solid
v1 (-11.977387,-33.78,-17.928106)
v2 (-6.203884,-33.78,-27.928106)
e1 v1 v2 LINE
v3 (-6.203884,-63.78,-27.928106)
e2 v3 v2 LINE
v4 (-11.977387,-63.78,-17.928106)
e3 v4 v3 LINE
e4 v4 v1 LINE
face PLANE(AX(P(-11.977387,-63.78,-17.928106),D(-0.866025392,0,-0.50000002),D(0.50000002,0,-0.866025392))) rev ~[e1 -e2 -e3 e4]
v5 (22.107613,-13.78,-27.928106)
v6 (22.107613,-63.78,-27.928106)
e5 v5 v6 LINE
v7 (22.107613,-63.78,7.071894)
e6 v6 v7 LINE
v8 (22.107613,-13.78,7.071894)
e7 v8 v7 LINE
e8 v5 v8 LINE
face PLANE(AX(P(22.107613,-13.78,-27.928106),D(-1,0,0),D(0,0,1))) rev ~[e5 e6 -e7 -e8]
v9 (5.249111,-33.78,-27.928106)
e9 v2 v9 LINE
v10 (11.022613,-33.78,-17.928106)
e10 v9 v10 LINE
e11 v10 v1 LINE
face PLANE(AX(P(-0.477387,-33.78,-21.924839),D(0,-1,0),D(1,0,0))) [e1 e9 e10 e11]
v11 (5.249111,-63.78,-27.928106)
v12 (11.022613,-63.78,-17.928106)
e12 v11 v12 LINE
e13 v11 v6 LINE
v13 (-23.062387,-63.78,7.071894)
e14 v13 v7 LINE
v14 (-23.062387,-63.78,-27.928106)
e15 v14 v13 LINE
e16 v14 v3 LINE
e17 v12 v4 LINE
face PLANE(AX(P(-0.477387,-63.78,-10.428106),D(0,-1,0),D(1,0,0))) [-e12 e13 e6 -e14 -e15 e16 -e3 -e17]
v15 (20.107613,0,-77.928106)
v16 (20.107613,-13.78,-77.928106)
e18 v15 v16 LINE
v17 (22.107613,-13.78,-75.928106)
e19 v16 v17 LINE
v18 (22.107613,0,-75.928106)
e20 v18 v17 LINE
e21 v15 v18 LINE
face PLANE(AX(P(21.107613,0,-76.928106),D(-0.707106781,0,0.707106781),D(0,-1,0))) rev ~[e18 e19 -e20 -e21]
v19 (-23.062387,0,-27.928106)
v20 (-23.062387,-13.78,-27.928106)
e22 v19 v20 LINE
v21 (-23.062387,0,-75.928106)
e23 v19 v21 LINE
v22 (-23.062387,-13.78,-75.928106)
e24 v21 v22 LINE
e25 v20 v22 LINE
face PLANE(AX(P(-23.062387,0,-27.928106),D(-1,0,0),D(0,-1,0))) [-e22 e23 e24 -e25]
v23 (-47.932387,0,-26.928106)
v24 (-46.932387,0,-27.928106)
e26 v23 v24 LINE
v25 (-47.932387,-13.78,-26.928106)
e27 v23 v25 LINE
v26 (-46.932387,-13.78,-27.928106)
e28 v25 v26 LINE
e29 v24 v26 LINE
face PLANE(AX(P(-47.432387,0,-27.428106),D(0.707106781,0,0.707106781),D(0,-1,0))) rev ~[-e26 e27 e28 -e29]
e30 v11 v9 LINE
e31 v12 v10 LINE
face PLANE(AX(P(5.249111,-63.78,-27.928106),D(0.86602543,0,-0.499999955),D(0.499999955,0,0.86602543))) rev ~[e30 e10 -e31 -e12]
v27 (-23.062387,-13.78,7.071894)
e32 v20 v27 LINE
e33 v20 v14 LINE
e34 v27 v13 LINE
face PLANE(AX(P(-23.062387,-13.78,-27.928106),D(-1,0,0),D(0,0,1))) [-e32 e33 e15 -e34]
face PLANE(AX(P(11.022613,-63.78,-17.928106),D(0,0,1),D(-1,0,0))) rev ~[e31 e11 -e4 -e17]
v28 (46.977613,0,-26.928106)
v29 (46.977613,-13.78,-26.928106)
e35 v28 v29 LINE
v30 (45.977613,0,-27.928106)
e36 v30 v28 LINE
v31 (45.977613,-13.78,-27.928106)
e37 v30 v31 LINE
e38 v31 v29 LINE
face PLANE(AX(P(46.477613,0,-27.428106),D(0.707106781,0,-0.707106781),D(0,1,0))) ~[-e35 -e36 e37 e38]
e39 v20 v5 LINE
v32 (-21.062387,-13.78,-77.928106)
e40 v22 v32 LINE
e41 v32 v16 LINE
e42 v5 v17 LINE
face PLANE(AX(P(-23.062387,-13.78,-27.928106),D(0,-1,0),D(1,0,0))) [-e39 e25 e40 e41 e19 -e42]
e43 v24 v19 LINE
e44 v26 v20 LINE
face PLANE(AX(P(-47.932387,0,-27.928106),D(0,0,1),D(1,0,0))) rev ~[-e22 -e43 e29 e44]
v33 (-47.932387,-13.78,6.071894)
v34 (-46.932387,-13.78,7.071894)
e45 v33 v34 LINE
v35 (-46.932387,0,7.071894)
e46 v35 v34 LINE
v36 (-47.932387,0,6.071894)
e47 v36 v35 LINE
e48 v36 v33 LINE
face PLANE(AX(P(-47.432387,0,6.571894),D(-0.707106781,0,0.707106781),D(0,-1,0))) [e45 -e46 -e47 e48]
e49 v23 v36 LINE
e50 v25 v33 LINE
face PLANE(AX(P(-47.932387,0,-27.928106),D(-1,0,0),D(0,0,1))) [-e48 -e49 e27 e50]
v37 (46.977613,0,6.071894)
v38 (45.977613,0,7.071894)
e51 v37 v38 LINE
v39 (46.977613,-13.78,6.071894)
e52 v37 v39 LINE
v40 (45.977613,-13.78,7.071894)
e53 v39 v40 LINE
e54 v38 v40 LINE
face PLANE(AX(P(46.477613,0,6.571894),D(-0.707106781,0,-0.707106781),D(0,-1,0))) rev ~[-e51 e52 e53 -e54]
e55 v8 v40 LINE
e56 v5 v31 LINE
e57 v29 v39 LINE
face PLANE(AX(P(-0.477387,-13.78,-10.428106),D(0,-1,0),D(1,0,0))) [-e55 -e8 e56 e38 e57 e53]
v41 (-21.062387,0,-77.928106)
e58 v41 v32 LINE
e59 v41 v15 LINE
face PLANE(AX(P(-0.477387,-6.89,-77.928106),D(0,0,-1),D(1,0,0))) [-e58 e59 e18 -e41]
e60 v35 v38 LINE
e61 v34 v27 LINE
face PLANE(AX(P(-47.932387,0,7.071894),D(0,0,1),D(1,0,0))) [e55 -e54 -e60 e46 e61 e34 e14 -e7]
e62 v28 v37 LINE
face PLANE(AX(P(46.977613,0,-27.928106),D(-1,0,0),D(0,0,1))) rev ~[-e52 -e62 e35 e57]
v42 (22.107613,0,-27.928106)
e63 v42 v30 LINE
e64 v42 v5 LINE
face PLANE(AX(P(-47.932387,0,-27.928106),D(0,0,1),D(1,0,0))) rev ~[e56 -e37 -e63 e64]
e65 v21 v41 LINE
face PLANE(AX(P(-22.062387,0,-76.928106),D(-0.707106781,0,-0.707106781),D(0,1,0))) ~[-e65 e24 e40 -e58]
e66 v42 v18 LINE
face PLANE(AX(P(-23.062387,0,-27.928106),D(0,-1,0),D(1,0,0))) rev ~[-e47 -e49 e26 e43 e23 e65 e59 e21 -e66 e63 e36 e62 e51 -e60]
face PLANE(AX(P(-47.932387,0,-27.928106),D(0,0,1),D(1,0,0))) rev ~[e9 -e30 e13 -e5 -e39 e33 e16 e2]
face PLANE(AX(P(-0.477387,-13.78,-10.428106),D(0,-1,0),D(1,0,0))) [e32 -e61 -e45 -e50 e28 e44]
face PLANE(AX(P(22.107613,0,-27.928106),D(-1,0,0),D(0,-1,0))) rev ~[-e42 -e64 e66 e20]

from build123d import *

# Parameters (mm, degrees)
F0_W     = 94.91
F0_H     = 35
F1_DEPTH = 13.78
F2_SIZE  = 1
F3_W     = 45.17
F3_H     = 35
F4_DEPTH = 50
F5_W     = 45.17
F5_H     = 13.78
F6_DEPTH = 50
F8_DEPTH = 30
F9_SIZE  = 2


with BuildPart() as f1:
    # F0 (on Front) → F1 (new body)
    with BuildSketch(Plane.XZ):
        with Locations((-0.477387, -10.428106)):
            Rectangle(F0_W, F0_H)
    extrude(amount=F1_DEPTH)

    # F2
    f2_edges = [f1.edges().sort_by_distance(p)[0] for p in [
        (-47.932387, -6.89, -27.928106),
        (46.977613, -6.89, -27.928106),
        (46.977613, -6.89, 7.071894),
        (-47.932387, -6.89, 7.071894),
    ]]
    chamfer(f2_edges, length=F2_SIZE)

    # F3 (on face) → F4 (join)
    with BuildSketch(Plane.XZ.offset(13.78)):
        with Locations((-0.477387, -10.428106)):
            Rectangle(F3_W, F3_H)
    extrude(amount=F4_DEPTH)

    # F5 (on face) → F6 (join)
    with BuildSketch(Plane(origin=(0, 0, -27.928106), x_dir=(1, 0, 0), z_dir=(0, 0, -1))):
        with Locations((-0.477387, 6.89)):
            Rectangle(F5_W, F5_H)
    extrude(amount=F6_DEPTH)

    # F7 (on face) → F8 (cut)
    with BuildSketch(Plane.XZ.offset(63.78)):
        Polygon((11.022613, -17.928106), (-11.977387, -17.928106), (-6.203884, -27.928106), (5.249111, -27.928106), align=None)
    extrude(amount=-F8_DEPTH, mode=Mode.SUBTRACT)

    # F9
    f9_edges = [f1.edges().sort_by_distance(p)[0] for p in [
        (-23.062387, -6.89, -77.928106),
        (22.107613, -6.89, -77.928106),
    ]]
    chamfer(f9_edges, length=F9_SIZE)


solid = f1.part
